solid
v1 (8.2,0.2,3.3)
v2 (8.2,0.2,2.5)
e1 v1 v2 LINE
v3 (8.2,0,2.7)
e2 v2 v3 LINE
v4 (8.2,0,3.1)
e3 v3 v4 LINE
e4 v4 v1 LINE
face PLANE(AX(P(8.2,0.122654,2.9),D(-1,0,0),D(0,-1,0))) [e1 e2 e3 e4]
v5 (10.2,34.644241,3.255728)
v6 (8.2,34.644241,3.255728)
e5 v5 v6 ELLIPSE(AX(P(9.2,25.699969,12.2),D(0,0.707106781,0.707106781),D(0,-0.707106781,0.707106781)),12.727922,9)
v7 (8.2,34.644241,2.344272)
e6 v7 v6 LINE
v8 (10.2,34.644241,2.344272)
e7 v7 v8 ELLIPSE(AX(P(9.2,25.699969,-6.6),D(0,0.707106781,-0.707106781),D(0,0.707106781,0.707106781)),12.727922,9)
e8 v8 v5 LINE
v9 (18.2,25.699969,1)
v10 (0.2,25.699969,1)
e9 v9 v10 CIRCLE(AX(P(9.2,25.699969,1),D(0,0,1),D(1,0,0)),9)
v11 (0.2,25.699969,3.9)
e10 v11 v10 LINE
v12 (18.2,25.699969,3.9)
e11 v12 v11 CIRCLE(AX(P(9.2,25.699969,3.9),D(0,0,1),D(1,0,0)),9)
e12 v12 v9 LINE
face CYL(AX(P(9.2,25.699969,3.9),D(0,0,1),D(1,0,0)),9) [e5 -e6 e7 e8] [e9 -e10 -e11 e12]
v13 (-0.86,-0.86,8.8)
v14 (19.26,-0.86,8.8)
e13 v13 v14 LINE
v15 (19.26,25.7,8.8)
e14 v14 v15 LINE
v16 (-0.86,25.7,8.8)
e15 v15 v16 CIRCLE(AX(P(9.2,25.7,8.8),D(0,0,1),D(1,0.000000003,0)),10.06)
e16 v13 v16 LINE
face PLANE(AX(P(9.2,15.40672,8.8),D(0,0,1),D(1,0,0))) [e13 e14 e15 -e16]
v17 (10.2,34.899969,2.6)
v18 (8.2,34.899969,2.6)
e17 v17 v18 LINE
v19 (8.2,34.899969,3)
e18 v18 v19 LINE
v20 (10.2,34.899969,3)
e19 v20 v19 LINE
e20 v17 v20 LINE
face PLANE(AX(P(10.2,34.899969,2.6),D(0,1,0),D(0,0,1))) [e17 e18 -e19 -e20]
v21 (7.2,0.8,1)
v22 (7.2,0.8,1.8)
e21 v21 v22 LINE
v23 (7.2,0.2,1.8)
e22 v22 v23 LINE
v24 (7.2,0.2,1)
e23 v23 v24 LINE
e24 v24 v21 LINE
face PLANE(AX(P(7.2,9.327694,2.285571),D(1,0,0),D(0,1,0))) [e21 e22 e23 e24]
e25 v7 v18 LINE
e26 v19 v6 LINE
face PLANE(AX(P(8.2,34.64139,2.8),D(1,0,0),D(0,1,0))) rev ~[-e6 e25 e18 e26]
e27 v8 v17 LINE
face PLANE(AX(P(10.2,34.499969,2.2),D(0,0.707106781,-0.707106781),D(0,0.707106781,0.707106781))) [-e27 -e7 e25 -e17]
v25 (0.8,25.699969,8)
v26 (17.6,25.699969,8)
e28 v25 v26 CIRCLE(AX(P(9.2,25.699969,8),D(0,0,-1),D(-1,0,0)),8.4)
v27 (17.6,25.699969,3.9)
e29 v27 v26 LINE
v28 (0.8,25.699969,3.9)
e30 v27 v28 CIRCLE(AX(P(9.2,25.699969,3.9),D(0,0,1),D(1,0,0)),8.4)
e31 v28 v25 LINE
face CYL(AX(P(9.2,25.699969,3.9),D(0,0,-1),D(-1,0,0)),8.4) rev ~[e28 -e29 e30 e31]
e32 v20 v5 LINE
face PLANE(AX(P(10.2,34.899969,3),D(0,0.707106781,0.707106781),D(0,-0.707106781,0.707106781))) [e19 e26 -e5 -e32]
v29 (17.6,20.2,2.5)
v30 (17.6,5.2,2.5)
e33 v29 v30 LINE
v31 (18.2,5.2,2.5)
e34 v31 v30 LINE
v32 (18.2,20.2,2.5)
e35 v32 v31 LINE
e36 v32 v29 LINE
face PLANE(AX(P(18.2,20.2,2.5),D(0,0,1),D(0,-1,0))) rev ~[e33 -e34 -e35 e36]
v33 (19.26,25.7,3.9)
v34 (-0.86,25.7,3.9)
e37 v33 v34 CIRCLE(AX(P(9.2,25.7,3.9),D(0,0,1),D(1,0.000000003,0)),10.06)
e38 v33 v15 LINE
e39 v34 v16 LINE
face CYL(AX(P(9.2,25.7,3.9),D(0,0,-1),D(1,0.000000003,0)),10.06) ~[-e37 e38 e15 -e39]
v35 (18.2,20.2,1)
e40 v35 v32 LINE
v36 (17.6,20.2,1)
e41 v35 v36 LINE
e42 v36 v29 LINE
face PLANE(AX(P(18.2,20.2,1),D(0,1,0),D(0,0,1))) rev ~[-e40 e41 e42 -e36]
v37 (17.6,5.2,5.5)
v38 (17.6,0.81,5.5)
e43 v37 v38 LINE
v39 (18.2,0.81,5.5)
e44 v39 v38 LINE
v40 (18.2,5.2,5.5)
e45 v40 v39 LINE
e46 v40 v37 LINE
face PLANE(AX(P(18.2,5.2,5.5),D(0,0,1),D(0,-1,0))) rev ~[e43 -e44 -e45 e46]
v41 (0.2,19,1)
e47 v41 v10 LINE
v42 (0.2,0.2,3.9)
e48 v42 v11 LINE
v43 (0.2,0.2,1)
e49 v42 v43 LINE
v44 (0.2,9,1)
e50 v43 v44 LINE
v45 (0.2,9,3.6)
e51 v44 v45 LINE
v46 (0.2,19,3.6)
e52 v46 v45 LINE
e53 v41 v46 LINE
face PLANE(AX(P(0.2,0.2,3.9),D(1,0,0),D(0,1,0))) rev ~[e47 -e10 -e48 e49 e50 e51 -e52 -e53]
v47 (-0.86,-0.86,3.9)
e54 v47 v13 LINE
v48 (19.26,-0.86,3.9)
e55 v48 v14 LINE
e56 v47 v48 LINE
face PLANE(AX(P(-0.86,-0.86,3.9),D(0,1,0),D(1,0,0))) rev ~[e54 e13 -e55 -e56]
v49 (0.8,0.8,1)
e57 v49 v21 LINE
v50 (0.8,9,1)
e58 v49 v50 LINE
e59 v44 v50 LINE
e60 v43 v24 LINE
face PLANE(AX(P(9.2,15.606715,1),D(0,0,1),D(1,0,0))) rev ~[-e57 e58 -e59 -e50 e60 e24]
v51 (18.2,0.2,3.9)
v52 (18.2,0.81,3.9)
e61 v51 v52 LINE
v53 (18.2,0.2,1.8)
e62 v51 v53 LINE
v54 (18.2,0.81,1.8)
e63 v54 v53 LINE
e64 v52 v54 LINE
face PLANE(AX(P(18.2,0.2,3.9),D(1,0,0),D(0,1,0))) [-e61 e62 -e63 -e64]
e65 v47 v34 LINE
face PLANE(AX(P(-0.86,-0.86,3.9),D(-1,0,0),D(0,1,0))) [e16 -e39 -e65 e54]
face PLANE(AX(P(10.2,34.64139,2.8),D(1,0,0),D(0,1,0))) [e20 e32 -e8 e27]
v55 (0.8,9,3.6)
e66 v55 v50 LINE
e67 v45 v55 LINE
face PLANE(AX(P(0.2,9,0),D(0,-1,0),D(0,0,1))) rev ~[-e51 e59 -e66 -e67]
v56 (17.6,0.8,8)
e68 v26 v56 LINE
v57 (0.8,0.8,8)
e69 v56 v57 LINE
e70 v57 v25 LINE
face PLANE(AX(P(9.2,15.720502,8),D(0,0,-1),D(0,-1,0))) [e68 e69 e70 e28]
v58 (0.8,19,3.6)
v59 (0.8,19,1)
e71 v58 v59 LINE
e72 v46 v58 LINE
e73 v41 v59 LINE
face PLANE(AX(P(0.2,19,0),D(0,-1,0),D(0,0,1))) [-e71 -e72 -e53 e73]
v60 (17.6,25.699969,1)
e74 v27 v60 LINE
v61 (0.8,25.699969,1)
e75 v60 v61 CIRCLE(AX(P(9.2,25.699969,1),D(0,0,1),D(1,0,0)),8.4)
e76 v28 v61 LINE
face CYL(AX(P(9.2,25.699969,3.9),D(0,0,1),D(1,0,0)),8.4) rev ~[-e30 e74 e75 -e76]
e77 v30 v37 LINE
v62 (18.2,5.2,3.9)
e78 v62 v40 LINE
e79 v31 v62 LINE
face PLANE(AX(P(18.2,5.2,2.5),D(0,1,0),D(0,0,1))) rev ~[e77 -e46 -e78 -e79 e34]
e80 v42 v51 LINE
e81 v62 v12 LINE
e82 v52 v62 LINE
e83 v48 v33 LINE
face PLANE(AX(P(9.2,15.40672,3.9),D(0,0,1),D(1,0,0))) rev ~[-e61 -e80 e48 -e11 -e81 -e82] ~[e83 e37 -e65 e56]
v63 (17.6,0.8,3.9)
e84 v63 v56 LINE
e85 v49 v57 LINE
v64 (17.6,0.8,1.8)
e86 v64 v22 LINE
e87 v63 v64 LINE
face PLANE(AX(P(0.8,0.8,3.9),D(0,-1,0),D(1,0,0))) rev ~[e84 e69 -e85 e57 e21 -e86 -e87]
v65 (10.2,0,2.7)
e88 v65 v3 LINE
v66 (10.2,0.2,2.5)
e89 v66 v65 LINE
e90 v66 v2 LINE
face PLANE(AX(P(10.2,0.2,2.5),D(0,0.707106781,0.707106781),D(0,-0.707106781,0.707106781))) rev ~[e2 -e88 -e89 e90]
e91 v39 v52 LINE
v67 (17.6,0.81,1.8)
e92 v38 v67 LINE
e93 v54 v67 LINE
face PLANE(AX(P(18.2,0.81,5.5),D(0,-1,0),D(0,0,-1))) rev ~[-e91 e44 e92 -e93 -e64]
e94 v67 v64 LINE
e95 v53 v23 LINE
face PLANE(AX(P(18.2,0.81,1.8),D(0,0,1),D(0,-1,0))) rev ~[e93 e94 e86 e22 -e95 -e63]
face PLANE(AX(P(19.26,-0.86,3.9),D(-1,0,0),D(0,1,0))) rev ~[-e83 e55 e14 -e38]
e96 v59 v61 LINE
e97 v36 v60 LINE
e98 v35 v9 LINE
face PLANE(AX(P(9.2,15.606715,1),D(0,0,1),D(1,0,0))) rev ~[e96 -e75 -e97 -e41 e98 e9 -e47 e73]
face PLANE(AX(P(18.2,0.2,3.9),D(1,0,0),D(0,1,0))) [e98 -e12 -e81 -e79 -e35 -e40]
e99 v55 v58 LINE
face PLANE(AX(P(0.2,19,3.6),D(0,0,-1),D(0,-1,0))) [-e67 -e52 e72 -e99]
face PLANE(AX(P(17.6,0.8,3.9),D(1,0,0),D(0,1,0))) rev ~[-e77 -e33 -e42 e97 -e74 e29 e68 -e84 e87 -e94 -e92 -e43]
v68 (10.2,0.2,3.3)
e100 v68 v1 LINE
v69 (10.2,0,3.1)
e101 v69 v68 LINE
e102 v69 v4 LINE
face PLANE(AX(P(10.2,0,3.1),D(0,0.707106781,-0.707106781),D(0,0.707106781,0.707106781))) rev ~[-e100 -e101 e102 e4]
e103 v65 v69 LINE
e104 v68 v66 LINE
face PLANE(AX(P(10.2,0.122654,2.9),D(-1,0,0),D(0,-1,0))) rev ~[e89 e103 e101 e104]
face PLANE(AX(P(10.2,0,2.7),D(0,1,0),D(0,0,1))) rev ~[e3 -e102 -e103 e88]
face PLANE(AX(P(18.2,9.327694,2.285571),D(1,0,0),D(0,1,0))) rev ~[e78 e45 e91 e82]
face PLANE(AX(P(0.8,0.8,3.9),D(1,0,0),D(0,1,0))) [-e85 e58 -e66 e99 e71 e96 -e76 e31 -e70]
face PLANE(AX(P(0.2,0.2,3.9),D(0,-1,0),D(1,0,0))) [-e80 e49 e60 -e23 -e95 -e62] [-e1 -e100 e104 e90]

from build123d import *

# Parameters (mm, degrees)
PAD002_DEPTH    = 2.9
PAD003_DEPTH    = 4.9
POCKET005_DEPTH = 4.1
POCKET006_DEPTH = 11
SKETCH011_W     = 10
SKETCH011_H     = 3.6
POCKET007_DEPTH = 5
PAD004_DEPTH    = 2


with BuildPart() as part:
    # Sketch008 (on Face1 of ReferencePocket001) → Pad002 (new body)
    with BuildSketch(Plane.XY.offset(3.9)):
        with BuildLine():
            Line((0.2, 0.2), (18.2000000001, 0.2))
            Line((18.2000000001, 0.2), (18.2000000001, 25.6999686791))
            ThreePointArc((18.2000000001, 25.6999686791), (9.2000000001, 34.6999686791), (0.2, 25.6999686791))
            Line((0.2, 0.2), (0.2, 25.6999686791))
        make_face()
        with BuildLine():
            Line((0.8, 0.8), (17.6000000001, 0.8))
            Line((17.6000000001, 0.8), (17.6000000001, 25.6999686791))
            ThreePointArc((17.6000000001, 25.6999686791), (9.2000000001, 34.0999686791), (0.8, 25.6999686791))
            Line((0.8, 0.8), (0.8, 25.6999686791))
        make_face(mode=Mode.SUBTRACT)
    extrude(amount=-PAD002_DEPTH)

    # Sketch009 (on Face9 of Pad002) → Pad003 (join)
    with BuildSketch(Plane.XY.offset(3.9)):
        with BuildLine():
            Line((-0.86, -0.86), (19.26, -0.86))
            Line((19.26, -0.86), (19.26, 25.7000002895))
            ThreePointArc((19.26, 25.7000002895), (9.1999999842, 35.7600002578), (-0.86, 25.7000002578))
            Line((-0.86, -0.86), (-0.86, 25.7000002578))
        make_face()
    extrude(amount=PAD003_DEPTH)

    # Pad003 Face16 → Pocket005 (cut)
    with BuildSketch(Plane(origin=(9.2000000001, 16.6044557437, 3.9), x_dir=(0, -1, 0), z_dir=(0, 0, -1))):
        with BuildLine():
            Line((15.8044557437, 8.4000000001), (-9.0955129353, 8.4000000001))
            ThreePointArc((-9.0955129353, 8.4000000001), (-17.4955129354, 0), (-9.0955129353, -8.4000000001))
            Line((-9.0955129353, -8.4000000001), (15.8044557437, -8.4000000001))
            Line((15.8044557437, -8.4000000001), (15.8044557437, 8.4000000001))
        make_face()
    extrude(amount=-POCKET005_DEPTH, mode=Mode.SUBTRACT)

    # Sketch010 (on Face8 of Pocket005) → Pocket006 (cut)
    with BuildSketch(Plane.YZ.offset(18.2000000001)):
        Polygon((0.81, 1), (5.2, 1), (20.2, 1), (20.2, 2.5), (5.2, 2.5), (5.2, 5.5), (0.81, 5.5), (0.81, 1.8), (0.2, 1.8), (0.2, 1), align=None)
    extrude(amount=-POCKET006_DEPTH, mode=Mode.SUBTRACT)

    # Sketch011 (on Face12 of Pocket006) → Pocket007 (cut)
    with BuildSketch(Plane(origin=(0.2, 0, 0), x_dir=(0, -1, 0), z_dir=(-1, 0, 0))):
        with Locations((-14, 1.8)):
            Rectangle(SKETCH011_W, SKETCH011_H)
    extrude(amount=-POCKET007_DEPTH, mode=Mode.SUBTRACT)

    # Sketch012 (on Face12 of Pocket007) → Pad004 (join)
    with BuildSketch(Plane(origin=(10.2, 0, 0), x_dir=(0, -1, 0), z_dir=(-1, 0, 0))):
        Polygon((-0.2, 2.5), (0, 2.7), (0, 3.1), (-0.2, 3.3), align=None)
        Polygon((-34.8999686791, 2.6), (-34.8999686791, 3), (-34.4999686791, 3.4), (-34.4999686791, 2.2), align=None)
    extrude(amount=PAD004_DEPTH)


solid = part.part
